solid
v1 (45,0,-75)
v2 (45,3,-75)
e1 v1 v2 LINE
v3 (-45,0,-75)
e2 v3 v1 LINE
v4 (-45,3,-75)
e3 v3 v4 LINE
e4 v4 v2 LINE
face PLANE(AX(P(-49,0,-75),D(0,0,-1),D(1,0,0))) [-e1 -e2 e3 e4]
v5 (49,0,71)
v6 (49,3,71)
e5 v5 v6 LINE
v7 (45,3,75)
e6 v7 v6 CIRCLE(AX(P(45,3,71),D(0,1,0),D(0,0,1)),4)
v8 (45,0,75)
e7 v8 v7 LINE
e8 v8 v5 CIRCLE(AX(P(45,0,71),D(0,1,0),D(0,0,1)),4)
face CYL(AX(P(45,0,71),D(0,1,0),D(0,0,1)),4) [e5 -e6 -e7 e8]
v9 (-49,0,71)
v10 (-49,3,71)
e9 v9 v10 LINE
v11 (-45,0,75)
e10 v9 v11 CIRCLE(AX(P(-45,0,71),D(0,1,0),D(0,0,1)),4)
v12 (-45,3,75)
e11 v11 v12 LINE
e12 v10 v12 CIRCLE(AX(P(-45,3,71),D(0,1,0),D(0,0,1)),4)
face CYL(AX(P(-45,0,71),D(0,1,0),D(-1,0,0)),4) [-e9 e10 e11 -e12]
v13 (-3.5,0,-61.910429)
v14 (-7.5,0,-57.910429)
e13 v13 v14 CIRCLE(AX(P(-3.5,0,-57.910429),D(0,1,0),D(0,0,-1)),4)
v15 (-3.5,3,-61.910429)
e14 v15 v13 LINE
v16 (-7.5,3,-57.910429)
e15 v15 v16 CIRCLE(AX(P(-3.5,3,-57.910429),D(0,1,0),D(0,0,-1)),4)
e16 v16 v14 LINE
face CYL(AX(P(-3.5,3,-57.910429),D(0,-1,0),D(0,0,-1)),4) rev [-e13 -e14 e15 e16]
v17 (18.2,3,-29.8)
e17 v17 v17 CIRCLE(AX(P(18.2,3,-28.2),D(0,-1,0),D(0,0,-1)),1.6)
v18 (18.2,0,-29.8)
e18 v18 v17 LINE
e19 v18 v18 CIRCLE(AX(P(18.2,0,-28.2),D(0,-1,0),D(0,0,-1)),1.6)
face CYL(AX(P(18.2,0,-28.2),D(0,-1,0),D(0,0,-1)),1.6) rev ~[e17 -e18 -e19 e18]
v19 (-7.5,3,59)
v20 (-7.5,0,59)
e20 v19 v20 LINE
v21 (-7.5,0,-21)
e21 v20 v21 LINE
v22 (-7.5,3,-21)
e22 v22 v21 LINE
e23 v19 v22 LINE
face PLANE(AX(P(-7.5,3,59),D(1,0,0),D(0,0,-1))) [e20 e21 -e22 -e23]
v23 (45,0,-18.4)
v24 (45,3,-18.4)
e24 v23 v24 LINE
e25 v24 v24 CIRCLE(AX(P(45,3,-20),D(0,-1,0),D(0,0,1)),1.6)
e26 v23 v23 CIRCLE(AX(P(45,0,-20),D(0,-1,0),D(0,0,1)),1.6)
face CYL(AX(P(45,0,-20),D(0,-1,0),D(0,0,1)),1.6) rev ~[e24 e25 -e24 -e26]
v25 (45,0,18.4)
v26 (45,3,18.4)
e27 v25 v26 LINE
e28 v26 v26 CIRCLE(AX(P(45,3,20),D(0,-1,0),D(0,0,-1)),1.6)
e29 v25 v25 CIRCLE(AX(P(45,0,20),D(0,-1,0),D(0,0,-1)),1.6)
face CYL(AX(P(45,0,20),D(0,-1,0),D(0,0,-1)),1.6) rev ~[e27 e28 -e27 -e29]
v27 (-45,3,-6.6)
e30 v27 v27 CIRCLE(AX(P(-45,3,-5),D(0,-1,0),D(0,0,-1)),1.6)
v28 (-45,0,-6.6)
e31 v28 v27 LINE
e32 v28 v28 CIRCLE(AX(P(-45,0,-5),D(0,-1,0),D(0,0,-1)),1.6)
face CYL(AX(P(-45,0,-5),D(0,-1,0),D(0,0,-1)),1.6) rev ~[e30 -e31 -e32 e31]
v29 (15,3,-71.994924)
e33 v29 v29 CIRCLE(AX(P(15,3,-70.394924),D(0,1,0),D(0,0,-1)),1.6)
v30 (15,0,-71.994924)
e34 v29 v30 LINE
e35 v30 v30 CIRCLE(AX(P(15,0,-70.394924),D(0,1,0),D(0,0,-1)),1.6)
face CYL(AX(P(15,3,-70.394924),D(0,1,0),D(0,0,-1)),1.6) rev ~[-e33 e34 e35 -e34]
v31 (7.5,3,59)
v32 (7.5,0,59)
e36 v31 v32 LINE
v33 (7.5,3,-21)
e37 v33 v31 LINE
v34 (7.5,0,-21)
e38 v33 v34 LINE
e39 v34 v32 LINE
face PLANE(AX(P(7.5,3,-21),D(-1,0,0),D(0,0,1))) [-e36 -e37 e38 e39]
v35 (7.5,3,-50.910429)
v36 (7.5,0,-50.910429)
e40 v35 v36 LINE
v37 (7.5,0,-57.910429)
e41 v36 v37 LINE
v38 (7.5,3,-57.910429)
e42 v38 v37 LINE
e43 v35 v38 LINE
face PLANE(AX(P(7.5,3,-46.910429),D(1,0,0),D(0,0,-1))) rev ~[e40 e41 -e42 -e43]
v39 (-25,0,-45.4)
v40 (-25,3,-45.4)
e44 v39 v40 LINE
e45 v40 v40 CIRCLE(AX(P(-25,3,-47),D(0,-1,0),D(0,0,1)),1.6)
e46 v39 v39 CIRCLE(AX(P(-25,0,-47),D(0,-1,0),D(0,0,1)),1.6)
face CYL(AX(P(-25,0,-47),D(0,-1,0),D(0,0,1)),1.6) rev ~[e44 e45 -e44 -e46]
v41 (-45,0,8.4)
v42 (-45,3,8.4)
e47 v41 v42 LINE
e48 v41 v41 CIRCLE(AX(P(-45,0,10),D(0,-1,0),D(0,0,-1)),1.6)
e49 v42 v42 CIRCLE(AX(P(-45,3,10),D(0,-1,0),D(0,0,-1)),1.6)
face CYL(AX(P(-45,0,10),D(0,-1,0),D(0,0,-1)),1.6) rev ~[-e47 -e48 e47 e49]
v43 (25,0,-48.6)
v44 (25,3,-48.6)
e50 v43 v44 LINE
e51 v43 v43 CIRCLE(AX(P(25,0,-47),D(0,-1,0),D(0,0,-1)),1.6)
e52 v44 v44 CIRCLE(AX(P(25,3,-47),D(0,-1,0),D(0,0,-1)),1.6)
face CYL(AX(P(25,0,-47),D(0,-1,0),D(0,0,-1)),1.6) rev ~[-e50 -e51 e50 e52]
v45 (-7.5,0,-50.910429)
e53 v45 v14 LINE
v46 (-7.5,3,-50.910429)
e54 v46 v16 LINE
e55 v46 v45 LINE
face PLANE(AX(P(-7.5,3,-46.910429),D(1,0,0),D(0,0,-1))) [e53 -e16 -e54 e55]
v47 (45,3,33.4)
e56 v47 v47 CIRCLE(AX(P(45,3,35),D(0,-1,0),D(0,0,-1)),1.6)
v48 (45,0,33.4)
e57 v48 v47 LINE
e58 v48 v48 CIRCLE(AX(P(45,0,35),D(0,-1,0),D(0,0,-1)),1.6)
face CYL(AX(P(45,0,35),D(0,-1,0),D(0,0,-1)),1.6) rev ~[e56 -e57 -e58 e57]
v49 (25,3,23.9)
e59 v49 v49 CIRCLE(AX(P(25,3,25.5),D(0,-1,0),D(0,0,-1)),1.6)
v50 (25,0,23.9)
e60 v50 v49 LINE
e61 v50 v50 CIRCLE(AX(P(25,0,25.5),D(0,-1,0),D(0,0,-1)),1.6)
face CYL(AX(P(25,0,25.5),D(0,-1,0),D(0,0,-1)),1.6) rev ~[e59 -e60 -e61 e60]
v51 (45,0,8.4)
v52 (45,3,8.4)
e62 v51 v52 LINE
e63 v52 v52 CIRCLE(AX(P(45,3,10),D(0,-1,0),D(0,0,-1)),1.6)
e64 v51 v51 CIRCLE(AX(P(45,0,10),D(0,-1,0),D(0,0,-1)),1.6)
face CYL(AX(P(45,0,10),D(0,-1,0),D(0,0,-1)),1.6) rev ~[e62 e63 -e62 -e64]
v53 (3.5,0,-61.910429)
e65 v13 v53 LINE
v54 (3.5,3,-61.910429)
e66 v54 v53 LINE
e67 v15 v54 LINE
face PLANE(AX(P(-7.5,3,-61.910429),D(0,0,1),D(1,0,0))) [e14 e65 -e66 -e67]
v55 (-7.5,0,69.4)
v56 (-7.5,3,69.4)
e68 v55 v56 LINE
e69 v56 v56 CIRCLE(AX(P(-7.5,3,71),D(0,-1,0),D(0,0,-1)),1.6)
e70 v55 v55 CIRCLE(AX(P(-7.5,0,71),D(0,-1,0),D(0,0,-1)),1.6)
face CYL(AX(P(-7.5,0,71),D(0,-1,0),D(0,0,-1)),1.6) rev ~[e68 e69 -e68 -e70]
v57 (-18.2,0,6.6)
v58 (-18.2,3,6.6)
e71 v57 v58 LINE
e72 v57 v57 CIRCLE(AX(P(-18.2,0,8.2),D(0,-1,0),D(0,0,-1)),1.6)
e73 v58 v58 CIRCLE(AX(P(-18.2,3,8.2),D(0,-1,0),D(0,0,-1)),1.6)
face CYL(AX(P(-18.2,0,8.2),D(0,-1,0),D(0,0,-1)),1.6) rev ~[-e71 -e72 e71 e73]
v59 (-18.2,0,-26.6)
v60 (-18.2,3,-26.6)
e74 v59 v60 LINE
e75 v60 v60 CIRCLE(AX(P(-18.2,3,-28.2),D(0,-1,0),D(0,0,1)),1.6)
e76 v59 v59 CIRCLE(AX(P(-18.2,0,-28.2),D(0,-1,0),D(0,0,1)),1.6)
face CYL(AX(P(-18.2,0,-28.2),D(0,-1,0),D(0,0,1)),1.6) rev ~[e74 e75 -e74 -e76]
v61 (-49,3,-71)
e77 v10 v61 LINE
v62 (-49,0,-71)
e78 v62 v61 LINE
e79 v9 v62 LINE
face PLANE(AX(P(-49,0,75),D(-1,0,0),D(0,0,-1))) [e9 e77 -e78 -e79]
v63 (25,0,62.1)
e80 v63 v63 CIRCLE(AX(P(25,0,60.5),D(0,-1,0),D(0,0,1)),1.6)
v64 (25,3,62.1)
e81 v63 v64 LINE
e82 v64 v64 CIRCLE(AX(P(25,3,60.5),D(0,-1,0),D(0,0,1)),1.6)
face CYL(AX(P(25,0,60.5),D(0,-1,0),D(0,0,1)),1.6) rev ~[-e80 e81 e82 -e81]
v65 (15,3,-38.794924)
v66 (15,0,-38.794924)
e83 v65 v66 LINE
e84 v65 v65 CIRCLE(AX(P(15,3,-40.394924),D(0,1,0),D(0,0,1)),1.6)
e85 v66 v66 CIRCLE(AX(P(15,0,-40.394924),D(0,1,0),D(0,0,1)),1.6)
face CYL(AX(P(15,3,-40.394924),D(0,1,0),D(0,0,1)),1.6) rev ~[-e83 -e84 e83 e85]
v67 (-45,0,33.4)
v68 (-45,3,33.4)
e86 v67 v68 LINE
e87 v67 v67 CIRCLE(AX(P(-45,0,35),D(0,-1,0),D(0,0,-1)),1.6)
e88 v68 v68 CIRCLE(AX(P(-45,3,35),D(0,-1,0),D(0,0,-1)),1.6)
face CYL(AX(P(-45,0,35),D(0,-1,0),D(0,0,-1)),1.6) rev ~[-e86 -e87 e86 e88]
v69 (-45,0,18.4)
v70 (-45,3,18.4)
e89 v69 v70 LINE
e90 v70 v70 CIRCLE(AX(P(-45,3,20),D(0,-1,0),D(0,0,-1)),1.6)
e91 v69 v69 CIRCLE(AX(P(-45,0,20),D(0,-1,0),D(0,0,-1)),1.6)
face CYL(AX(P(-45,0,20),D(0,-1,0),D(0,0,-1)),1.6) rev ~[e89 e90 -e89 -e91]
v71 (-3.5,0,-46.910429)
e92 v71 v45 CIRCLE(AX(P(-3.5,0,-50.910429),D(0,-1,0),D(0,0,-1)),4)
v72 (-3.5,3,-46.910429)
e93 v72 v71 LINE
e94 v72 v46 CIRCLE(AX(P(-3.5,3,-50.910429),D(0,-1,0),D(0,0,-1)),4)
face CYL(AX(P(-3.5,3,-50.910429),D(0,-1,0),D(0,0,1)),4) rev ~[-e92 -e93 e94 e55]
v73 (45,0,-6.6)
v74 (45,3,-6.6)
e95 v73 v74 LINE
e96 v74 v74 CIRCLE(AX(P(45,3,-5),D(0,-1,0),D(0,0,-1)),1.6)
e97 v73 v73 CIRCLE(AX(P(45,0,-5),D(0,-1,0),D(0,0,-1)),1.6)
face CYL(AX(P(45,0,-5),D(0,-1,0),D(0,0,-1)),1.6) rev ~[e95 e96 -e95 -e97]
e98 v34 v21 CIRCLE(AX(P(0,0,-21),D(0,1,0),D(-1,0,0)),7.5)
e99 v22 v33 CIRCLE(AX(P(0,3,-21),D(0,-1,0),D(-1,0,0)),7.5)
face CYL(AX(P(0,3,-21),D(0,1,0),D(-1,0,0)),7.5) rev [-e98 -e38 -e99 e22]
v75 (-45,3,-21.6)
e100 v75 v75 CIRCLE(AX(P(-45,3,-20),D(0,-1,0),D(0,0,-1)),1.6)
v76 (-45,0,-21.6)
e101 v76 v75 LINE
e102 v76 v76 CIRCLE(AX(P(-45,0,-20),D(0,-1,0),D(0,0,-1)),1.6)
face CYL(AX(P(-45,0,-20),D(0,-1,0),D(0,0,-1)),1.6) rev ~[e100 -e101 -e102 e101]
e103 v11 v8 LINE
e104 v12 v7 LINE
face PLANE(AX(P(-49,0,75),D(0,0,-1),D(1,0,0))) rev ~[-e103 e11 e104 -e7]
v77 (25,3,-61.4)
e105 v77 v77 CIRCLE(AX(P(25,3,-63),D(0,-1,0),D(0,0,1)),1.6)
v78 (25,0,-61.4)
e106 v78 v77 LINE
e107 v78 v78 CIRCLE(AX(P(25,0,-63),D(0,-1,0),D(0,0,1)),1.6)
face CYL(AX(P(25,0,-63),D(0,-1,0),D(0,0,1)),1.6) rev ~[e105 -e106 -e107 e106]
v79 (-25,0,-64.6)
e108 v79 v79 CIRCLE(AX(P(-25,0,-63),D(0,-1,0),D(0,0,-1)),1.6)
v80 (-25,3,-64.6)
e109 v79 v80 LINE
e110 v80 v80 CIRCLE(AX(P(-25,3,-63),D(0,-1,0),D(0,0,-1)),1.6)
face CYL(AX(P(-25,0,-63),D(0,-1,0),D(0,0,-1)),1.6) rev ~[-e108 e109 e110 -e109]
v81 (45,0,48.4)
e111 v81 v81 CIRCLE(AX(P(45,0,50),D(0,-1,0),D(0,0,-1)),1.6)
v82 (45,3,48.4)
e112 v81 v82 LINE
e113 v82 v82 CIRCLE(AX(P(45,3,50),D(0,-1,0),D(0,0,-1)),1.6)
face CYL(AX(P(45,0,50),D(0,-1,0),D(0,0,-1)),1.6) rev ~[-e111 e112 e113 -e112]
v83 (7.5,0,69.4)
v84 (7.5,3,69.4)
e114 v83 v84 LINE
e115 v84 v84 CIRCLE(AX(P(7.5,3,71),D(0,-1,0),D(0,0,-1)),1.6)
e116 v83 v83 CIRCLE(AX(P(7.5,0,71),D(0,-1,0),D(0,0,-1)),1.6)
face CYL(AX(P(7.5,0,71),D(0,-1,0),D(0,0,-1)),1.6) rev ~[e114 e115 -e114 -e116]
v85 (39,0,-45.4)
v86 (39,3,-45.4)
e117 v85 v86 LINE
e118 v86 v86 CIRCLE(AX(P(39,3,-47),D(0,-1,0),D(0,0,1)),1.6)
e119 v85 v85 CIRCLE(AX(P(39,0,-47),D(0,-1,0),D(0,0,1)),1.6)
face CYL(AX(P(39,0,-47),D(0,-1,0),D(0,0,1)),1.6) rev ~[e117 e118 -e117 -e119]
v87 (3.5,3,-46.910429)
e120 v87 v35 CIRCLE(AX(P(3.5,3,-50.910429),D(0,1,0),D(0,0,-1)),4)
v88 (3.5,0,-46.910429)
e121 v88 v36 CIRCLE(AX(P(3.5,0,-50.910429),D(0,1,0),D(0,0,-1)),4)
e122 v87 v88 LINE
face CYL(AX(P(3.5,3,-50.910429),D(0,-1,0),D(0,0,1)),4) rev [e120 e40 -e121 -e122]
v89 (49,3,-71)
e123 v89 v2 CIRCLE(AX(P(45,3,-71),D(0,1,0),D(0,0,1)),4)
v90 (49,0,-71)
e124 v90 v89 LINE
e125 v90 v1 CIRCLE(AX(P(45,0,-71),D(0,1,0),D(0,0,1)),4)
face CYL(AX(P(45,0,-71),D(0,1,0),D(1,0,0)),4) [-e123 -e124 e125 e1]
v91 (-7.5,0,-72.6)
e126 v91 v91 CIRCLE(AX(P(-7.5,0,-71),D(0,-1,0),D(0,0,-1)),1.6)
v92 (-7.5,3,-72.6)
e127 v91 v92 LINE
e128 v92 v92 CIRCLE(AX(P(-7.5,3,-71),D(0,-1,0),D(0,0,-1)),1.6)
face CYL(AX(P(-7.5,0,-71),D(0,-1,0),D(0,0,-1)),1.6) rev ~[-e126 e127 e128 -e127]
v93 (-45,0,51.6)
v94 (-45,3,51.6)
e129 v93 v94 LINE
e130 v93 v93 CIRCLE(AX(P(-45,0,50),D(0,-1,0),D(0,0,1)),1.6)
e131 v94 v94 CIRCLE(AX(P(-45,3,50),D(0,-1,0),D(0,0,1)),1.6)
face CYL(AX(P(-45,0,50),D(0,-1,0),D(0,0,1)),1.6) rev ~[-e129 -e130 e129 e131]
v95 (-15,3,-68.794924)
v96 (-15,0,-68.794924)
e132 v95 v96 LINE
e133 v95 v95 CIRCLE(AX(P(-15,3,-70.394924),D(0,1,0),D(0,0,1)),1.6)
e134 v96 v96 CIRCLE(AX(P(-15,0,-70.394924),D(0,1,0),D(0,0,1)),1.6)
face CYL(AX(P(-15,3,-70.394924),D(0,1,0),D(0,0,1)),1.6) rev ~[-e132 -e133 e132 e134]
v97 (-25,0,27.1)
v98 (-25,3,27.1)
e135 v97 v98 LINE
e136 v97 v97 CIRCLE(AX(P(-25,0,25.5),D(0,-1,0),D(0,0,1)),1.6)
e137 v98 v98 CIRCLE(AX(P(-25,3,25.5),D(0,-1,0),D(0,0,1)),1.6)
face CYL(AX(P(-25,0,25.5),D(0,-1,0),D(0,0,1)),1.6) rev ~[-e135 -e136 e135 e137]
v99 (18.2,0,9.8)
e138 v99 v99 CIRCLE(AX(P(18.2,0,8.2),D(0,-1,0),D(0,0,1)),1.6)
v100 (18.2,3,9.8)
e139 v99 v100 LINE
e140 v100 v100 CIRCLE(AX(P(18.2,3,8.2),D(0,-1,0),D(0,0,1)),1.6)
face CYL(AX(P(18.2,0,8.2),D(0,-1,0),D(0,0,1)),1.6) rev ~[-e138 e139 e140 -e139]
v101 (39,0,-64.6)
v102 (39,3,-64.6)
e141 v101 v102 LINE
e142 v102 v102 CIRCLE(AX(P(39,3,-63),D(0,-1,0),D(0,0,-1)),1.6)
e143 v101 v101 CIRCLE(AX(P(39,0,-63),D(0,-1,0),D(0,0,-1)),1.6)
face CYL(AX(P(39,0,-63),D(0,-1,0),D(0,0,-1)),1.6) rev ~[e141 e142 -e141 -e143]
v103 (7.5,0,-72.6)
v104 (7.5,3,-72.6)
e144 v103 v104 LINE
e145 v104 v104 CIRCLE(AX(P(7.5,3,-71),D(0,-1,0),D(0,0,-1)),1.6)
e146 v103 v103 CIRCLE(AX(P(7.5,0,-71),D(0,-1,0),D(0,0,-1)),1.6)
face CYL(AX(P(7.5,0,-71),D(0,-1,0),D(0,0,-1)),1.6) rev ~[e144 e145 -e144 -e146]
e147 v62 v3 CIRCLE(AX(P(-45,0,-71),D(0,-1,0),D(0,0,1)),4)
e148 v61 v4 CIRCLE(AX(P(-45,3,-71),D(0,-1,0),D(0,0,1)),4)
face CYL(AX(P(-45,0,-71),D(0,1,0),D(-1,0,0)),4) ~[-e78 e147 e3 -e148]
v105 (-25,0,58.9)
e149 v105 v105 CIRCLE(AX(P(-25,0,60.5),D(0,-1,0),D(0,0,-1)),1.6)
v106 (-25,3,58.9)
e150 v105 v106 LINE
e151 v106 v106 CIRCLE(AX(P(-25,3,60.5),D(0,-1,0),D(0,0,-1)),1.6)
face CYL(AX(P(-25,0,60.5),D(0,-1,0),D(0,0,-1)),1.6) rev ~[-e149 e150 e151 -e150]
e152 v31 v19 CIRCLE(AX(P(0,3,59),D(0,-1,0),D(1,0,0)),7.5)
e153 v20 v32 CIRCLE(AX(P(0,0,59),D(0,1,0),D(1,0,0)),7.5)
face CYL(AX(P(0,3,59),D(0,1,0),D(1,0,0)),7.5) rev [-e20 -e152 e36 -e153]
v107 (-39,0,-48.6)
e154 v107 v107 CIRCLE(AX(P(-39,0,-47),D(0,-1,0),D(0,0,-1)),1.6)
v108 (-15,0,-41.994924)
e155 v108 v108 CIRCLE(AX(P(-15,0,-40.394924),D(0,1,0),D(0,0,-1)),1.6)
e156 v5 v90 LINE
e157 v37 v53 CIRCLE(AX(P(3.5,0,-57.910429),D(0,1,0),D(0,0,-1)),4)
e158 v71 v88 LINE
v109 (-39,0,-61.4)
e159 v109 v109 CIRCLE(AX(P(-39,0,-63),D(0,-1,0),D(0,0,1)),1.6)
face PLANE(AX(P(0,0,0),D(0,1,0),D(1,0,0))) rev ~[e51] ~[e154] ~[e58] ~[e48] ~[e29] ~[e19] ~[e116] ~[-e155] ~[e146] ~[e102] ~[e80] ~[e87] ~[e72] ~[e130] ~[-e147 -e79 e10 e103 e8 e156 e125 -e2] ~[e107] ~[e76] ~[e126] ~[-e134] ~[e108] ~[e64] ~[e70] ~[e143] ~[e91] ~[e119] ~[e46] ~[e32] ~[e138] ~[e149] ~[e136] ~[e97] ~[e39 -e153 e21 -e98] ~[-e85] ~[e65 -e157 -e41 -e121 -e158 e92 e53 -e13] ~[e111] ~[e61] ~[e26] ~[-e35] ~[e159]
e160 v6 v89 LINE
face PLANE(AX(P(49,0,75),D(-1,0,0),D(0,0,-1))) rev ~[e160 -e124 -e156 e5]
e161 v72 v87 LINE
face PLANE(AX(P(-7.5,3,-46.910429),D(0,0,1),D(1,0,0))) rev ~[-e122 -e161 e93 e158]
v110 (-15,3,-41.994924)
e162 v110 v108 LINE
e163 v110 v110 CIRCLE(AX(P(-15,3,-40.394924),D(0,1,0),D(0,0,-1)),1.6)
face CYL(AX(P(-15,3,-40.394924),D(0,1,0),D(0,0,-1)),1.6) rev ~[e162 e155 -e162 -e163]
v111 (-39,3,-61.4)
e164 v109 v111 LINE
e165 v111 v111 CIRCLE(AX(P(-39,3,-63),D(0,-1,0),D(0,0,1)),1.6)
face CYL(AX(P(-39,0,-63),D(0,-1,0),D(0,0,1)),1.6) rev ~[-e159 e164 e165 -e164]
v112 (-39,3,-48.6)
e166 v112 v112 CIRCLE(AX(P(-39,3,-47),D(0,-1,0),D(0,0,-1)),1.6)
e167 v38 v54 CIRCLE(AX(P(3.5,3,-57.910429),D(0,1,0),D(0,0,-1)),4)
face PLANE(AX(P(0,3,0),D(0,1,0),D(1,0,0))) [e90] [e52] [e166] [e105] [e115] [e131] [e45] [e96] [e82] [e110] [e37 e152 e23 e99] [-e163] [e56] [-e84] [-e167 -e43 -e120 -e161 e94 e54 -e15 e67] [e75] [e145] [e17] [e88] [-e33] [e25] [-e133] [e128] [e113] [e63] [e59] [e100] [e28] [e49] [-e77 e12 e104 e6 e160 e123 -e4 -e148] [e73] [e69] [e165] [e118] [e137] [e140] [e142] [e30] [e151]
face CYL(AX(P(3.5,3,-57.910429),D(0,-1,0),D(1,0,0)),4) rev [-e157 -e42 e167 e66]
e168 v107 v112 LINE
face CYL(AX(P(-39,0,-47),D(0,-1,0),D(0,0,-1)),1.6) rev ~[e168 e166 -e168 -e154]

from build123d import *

# Parameters (mm, degrees)
SKETCH_3_W          = 98
SKETCH_3_H          = 150
EXTRUDE_1_DEPTH     = 3
FILLET_1_R          = 4
SKETCH_5_R          = 1.6
CUT_EXTRUDE_1_DEPTH = 3
SKETCH_6_R          = 1.6
CUT_EXTRUDE_2_DEPTH = 3
SKETCH_7_R          = 1.6
CUT_EXTRUDE_3_DEPTH = 3
SKETCH_8_R          = 1.6
CUT_EXTRUDE_4_DEPTH = 3
SKETCH_9_R          = 1.6
CUT_EXTRUDE_5_DEPTH = 10
SKETCH_10_R         = 1.6
CUT_EXTRUDE_6_DEPTH = 10
SKETCH_11_W         = 15
SKETCH_11_H         = 15
CUT_EXTRUDE_7_DEPTH = 10
FILLET_2_R          = 4


with BuildPart() as part:
    # 草图3 → 凸台-拉伸1 (new body)
    with BuildSketch(Plane(origin=(0, 0, 0), x_dir=(1, 0, 0), z_dir=(0, 1, 0))):
        Rectangle(SKETCH_3_W, SKETCH_3_H)
    extrude(amount=EXTRUDE_1_DEPTH)

    # 圆角1
    fillet_1_edges = [part.edges().sort_by_distance(p)[0] for p in [
        (49, 1.5, 75),
        (-49, 1.5, 75),
        (-49, 1.5, -75),
        (49, 1.5, -75),
    ]]
    fillet(fillet_1_edges, radius=FILLET_1_R)

    # 草图5 → 切除-拉伸1 (cut)
    with BuildSketch(Plane.XZ):
        with Locations(Location((-39, -47, 0), (0, 0, 270))):
            Circle(SKETCH_5_R)
        with Locations(Location((-25, -47, 0), (0, 0, 90))):
            Circle(SKETCH_5_R)
        with Locations(Location((-39, -63, 0), (0, 0, 90))):
            Circle(SKETCH_5_R)
        with Locations(Location((-25, -63, 0), (0, 0, 270))):
            Circle(SKETCH_5_R)
        with Locations(Location((25, -47, 0), (0, 0, 270))):
            Circle(SKETCH_5_R)
        with Locations(Location((25, -63, 0), (0, 0, 90))):
            Circle(SKETCH_5_R)
        with Locations(Location((39, -63, 0), (0, 0, 270))):
            Circle(SKETCH_5_R)
        with Locations(Location((39, -47, 0), (0, 0, 90))):
            Circle(SKETCH_5_R)
    extrude(amount=-CUT_EXTRUDE_1_DEPTH, mode=Mode.SUBTRACT)

    # 草图6 → 切除-拉伸2 (cut)
    with BuildSketch(Plane.XZ):
        with Locations(Location((-25, 60.5, 0), (0, 0, 270))):
            Circle(SKETCH_6_R)
        with Locations(Location((-25, 25.5, 0), (0, 0, 90))):
            Circle(SKETCH_6_R)
        with Locations(Location((25, 60.5, 0), (0, 0, 90))):
            Circle(SKETCH_6_R)
        with Locations(Location((25, 25.5, 0), (0, 0, 270))):
            Circle(SKETCH_6_R)
    extrude(amount=-CUT_EXTRUDE_2_DEPTH, mode=Mode.SUBTRACT)

    # 草图7 → 切除-拉伸3 (cut)
    with BuildSketch(Plane.XZ):
        with Locations(Location((-18.2, 8.2, 0), (0, 0, 270))):
            Circle(SKETCH_7_R)
        with Locations(Location((18.2, 8.2, 0), (0, 0, 90))):
            Circle(SKETCH_7_R)
        with Locations(Location((18.2, -28.2, 0), (0, 0, 270))):
            Circle(SKETCH_7_R)
        with Locations(Location((-18.2, -28.2, 0), (0, 0, 90))):
            Circle(SKETCH_7_R)
    extrude(amount=-CUT_EXTRUDE_3_DEPTH, mode=Mode.SUBTRACT)

    # 草图8 → 切除-拉伸4 (cut)
    with BuildSketch(Plane.XZ):
        with Locations(Location((45, 50, 0), (0, 0, 270))):
            Circle(SKETCH_8_R)
        with Locations(Location((-45, 50, 0), (0, 0, 90))):
            Circle(SKETCH_8_R)
        with Locations(Location((45, -20, 0), (0, 0, 90))):
            Circle(SKETCH_8_R)
        with Locations(Location((-45, -20, 0), (0, 0, 270))):
            Circle(SKETCH_8_R)
    extrude(amount=-CUT_EXTRUDE_4_DEPTH, mode=Mode.SUBTRACT)

    # 草图9 → 切除-拉伸5 (cut)
    with BuildSketch(Plane.XZ):
        with Locations(Location((-45, 35, 0), (0, 0, 270))):
            Circle(SKETCH_9_R)
        with Locations(Location((-45, 20, 0), (0, 0, 270))):
            Circle(SKETCH_9_R)
        with Locations(Location((45, 20, 0), (0, 0, 270))):
            Circle(SKETCH_9_R)
        with Locations(Location((45, 35, 0), (0, 0, 270))):
            Circle(SKETCH_9_R)
        with Locations(Location((-45, 10, 0), (0, 0, 270))):
            Circle(SKETCH_9_R)
        with Locations(Location((-45, -5, 0), (0, 0, 270))):
            Circle(SKETCH_9_R)
        with Locations(Location((45, 10, 0), (0, 0, 270))):
            Circle(SKETCH_9_R)
        with Locations(Location((45, -5, 0), (0, 0, 270))):
            Circle(SKETCH_9_R)
        with Locations(Location((-7.5, 71, 0), (0, 0, 270))):
            Circle(SKETCH_9_R)
        with Locations(Location((7.5, 71, 0), (0, 0, 270))):
            Circle(SKETCH_9_R)
        with Locations(Location((7.5, -71, 0), (0, 0, 270))):
            Circle(SKETCH_9_R)
        with Locations(Location((-7.5, -71, 0), (0, 0, 270))):
            Circle(SKETCH_9_R)
    extrude(amount=-CUT_EXTRUDE_5_DEPTH, mode=Mode.SUBTRACT)

    # 草图10 → 切除-拉伸6 (cut)
    with BuildSketch(Plane(origin=(0, 3, 0), x_dir=(1, 0, 0), z_dir=(0, 1, 0))):
        with Locations(Location((-15, 70.394924421, 0), (0, 0, 270))):
            Circle(SKETCH_10_R)
        with Locations(Location((15, 70.394924421, 0), (0, 0, 90))):
            Circle(SKETCH_10_R)
        with Locations(Location((-15, 40.394924421, 0), (0, 0, 90))):
            Circle(SKETCH_10_R)
        with Locations(Location((15, 40.394924421, 0), (0, 0, 270))):
            Circle(SKETCH_10_R)
    extrude(amount=-CUT_EXTRUDE_6_DEPTH, mode=Mode.SUBTRACT)

    # 草图11 → 切除-拉伸7 (cut)
    with BuildSketch(Plane(origin=(0, 3, 0), x_dir=(1, 0, 0), z_dir=(0, 1, 0))):
        with BuildLine():
            Line((-7.5, -59), (-7.5, 21))
            ThreePointArc((-7.5, 21), (0, 28.5), (7.5, 21))
            Line((7.5, 21), (7.5, -59))
            ThreePointArc((7.5, -59), (0, -66.5), (-7.5, -59))
        make_face()
        with Locations((0, 54.410429289)):
            Rectangle(SKETCH_11_W, SKETCH_11_H)
    extrude(amount=-CUT_EXTRUDE_7_DEPTH, mode=Mode.SUBTRACT)

    # 圆角2
    fillet_2_edges = [part.edges().sort_by_distance(p)[0] for p in [
        (7.5, 1.5, -61.910429289),
        (7.5, 1.5, -46.910429289),
        (-7.5, 1.5, -46.910429289),
        (-7.5, 1.5, -61.910429289),
    ]]
    fillet(fillet_2_edges, radius=FILLET_2_R)


solid = part.part
